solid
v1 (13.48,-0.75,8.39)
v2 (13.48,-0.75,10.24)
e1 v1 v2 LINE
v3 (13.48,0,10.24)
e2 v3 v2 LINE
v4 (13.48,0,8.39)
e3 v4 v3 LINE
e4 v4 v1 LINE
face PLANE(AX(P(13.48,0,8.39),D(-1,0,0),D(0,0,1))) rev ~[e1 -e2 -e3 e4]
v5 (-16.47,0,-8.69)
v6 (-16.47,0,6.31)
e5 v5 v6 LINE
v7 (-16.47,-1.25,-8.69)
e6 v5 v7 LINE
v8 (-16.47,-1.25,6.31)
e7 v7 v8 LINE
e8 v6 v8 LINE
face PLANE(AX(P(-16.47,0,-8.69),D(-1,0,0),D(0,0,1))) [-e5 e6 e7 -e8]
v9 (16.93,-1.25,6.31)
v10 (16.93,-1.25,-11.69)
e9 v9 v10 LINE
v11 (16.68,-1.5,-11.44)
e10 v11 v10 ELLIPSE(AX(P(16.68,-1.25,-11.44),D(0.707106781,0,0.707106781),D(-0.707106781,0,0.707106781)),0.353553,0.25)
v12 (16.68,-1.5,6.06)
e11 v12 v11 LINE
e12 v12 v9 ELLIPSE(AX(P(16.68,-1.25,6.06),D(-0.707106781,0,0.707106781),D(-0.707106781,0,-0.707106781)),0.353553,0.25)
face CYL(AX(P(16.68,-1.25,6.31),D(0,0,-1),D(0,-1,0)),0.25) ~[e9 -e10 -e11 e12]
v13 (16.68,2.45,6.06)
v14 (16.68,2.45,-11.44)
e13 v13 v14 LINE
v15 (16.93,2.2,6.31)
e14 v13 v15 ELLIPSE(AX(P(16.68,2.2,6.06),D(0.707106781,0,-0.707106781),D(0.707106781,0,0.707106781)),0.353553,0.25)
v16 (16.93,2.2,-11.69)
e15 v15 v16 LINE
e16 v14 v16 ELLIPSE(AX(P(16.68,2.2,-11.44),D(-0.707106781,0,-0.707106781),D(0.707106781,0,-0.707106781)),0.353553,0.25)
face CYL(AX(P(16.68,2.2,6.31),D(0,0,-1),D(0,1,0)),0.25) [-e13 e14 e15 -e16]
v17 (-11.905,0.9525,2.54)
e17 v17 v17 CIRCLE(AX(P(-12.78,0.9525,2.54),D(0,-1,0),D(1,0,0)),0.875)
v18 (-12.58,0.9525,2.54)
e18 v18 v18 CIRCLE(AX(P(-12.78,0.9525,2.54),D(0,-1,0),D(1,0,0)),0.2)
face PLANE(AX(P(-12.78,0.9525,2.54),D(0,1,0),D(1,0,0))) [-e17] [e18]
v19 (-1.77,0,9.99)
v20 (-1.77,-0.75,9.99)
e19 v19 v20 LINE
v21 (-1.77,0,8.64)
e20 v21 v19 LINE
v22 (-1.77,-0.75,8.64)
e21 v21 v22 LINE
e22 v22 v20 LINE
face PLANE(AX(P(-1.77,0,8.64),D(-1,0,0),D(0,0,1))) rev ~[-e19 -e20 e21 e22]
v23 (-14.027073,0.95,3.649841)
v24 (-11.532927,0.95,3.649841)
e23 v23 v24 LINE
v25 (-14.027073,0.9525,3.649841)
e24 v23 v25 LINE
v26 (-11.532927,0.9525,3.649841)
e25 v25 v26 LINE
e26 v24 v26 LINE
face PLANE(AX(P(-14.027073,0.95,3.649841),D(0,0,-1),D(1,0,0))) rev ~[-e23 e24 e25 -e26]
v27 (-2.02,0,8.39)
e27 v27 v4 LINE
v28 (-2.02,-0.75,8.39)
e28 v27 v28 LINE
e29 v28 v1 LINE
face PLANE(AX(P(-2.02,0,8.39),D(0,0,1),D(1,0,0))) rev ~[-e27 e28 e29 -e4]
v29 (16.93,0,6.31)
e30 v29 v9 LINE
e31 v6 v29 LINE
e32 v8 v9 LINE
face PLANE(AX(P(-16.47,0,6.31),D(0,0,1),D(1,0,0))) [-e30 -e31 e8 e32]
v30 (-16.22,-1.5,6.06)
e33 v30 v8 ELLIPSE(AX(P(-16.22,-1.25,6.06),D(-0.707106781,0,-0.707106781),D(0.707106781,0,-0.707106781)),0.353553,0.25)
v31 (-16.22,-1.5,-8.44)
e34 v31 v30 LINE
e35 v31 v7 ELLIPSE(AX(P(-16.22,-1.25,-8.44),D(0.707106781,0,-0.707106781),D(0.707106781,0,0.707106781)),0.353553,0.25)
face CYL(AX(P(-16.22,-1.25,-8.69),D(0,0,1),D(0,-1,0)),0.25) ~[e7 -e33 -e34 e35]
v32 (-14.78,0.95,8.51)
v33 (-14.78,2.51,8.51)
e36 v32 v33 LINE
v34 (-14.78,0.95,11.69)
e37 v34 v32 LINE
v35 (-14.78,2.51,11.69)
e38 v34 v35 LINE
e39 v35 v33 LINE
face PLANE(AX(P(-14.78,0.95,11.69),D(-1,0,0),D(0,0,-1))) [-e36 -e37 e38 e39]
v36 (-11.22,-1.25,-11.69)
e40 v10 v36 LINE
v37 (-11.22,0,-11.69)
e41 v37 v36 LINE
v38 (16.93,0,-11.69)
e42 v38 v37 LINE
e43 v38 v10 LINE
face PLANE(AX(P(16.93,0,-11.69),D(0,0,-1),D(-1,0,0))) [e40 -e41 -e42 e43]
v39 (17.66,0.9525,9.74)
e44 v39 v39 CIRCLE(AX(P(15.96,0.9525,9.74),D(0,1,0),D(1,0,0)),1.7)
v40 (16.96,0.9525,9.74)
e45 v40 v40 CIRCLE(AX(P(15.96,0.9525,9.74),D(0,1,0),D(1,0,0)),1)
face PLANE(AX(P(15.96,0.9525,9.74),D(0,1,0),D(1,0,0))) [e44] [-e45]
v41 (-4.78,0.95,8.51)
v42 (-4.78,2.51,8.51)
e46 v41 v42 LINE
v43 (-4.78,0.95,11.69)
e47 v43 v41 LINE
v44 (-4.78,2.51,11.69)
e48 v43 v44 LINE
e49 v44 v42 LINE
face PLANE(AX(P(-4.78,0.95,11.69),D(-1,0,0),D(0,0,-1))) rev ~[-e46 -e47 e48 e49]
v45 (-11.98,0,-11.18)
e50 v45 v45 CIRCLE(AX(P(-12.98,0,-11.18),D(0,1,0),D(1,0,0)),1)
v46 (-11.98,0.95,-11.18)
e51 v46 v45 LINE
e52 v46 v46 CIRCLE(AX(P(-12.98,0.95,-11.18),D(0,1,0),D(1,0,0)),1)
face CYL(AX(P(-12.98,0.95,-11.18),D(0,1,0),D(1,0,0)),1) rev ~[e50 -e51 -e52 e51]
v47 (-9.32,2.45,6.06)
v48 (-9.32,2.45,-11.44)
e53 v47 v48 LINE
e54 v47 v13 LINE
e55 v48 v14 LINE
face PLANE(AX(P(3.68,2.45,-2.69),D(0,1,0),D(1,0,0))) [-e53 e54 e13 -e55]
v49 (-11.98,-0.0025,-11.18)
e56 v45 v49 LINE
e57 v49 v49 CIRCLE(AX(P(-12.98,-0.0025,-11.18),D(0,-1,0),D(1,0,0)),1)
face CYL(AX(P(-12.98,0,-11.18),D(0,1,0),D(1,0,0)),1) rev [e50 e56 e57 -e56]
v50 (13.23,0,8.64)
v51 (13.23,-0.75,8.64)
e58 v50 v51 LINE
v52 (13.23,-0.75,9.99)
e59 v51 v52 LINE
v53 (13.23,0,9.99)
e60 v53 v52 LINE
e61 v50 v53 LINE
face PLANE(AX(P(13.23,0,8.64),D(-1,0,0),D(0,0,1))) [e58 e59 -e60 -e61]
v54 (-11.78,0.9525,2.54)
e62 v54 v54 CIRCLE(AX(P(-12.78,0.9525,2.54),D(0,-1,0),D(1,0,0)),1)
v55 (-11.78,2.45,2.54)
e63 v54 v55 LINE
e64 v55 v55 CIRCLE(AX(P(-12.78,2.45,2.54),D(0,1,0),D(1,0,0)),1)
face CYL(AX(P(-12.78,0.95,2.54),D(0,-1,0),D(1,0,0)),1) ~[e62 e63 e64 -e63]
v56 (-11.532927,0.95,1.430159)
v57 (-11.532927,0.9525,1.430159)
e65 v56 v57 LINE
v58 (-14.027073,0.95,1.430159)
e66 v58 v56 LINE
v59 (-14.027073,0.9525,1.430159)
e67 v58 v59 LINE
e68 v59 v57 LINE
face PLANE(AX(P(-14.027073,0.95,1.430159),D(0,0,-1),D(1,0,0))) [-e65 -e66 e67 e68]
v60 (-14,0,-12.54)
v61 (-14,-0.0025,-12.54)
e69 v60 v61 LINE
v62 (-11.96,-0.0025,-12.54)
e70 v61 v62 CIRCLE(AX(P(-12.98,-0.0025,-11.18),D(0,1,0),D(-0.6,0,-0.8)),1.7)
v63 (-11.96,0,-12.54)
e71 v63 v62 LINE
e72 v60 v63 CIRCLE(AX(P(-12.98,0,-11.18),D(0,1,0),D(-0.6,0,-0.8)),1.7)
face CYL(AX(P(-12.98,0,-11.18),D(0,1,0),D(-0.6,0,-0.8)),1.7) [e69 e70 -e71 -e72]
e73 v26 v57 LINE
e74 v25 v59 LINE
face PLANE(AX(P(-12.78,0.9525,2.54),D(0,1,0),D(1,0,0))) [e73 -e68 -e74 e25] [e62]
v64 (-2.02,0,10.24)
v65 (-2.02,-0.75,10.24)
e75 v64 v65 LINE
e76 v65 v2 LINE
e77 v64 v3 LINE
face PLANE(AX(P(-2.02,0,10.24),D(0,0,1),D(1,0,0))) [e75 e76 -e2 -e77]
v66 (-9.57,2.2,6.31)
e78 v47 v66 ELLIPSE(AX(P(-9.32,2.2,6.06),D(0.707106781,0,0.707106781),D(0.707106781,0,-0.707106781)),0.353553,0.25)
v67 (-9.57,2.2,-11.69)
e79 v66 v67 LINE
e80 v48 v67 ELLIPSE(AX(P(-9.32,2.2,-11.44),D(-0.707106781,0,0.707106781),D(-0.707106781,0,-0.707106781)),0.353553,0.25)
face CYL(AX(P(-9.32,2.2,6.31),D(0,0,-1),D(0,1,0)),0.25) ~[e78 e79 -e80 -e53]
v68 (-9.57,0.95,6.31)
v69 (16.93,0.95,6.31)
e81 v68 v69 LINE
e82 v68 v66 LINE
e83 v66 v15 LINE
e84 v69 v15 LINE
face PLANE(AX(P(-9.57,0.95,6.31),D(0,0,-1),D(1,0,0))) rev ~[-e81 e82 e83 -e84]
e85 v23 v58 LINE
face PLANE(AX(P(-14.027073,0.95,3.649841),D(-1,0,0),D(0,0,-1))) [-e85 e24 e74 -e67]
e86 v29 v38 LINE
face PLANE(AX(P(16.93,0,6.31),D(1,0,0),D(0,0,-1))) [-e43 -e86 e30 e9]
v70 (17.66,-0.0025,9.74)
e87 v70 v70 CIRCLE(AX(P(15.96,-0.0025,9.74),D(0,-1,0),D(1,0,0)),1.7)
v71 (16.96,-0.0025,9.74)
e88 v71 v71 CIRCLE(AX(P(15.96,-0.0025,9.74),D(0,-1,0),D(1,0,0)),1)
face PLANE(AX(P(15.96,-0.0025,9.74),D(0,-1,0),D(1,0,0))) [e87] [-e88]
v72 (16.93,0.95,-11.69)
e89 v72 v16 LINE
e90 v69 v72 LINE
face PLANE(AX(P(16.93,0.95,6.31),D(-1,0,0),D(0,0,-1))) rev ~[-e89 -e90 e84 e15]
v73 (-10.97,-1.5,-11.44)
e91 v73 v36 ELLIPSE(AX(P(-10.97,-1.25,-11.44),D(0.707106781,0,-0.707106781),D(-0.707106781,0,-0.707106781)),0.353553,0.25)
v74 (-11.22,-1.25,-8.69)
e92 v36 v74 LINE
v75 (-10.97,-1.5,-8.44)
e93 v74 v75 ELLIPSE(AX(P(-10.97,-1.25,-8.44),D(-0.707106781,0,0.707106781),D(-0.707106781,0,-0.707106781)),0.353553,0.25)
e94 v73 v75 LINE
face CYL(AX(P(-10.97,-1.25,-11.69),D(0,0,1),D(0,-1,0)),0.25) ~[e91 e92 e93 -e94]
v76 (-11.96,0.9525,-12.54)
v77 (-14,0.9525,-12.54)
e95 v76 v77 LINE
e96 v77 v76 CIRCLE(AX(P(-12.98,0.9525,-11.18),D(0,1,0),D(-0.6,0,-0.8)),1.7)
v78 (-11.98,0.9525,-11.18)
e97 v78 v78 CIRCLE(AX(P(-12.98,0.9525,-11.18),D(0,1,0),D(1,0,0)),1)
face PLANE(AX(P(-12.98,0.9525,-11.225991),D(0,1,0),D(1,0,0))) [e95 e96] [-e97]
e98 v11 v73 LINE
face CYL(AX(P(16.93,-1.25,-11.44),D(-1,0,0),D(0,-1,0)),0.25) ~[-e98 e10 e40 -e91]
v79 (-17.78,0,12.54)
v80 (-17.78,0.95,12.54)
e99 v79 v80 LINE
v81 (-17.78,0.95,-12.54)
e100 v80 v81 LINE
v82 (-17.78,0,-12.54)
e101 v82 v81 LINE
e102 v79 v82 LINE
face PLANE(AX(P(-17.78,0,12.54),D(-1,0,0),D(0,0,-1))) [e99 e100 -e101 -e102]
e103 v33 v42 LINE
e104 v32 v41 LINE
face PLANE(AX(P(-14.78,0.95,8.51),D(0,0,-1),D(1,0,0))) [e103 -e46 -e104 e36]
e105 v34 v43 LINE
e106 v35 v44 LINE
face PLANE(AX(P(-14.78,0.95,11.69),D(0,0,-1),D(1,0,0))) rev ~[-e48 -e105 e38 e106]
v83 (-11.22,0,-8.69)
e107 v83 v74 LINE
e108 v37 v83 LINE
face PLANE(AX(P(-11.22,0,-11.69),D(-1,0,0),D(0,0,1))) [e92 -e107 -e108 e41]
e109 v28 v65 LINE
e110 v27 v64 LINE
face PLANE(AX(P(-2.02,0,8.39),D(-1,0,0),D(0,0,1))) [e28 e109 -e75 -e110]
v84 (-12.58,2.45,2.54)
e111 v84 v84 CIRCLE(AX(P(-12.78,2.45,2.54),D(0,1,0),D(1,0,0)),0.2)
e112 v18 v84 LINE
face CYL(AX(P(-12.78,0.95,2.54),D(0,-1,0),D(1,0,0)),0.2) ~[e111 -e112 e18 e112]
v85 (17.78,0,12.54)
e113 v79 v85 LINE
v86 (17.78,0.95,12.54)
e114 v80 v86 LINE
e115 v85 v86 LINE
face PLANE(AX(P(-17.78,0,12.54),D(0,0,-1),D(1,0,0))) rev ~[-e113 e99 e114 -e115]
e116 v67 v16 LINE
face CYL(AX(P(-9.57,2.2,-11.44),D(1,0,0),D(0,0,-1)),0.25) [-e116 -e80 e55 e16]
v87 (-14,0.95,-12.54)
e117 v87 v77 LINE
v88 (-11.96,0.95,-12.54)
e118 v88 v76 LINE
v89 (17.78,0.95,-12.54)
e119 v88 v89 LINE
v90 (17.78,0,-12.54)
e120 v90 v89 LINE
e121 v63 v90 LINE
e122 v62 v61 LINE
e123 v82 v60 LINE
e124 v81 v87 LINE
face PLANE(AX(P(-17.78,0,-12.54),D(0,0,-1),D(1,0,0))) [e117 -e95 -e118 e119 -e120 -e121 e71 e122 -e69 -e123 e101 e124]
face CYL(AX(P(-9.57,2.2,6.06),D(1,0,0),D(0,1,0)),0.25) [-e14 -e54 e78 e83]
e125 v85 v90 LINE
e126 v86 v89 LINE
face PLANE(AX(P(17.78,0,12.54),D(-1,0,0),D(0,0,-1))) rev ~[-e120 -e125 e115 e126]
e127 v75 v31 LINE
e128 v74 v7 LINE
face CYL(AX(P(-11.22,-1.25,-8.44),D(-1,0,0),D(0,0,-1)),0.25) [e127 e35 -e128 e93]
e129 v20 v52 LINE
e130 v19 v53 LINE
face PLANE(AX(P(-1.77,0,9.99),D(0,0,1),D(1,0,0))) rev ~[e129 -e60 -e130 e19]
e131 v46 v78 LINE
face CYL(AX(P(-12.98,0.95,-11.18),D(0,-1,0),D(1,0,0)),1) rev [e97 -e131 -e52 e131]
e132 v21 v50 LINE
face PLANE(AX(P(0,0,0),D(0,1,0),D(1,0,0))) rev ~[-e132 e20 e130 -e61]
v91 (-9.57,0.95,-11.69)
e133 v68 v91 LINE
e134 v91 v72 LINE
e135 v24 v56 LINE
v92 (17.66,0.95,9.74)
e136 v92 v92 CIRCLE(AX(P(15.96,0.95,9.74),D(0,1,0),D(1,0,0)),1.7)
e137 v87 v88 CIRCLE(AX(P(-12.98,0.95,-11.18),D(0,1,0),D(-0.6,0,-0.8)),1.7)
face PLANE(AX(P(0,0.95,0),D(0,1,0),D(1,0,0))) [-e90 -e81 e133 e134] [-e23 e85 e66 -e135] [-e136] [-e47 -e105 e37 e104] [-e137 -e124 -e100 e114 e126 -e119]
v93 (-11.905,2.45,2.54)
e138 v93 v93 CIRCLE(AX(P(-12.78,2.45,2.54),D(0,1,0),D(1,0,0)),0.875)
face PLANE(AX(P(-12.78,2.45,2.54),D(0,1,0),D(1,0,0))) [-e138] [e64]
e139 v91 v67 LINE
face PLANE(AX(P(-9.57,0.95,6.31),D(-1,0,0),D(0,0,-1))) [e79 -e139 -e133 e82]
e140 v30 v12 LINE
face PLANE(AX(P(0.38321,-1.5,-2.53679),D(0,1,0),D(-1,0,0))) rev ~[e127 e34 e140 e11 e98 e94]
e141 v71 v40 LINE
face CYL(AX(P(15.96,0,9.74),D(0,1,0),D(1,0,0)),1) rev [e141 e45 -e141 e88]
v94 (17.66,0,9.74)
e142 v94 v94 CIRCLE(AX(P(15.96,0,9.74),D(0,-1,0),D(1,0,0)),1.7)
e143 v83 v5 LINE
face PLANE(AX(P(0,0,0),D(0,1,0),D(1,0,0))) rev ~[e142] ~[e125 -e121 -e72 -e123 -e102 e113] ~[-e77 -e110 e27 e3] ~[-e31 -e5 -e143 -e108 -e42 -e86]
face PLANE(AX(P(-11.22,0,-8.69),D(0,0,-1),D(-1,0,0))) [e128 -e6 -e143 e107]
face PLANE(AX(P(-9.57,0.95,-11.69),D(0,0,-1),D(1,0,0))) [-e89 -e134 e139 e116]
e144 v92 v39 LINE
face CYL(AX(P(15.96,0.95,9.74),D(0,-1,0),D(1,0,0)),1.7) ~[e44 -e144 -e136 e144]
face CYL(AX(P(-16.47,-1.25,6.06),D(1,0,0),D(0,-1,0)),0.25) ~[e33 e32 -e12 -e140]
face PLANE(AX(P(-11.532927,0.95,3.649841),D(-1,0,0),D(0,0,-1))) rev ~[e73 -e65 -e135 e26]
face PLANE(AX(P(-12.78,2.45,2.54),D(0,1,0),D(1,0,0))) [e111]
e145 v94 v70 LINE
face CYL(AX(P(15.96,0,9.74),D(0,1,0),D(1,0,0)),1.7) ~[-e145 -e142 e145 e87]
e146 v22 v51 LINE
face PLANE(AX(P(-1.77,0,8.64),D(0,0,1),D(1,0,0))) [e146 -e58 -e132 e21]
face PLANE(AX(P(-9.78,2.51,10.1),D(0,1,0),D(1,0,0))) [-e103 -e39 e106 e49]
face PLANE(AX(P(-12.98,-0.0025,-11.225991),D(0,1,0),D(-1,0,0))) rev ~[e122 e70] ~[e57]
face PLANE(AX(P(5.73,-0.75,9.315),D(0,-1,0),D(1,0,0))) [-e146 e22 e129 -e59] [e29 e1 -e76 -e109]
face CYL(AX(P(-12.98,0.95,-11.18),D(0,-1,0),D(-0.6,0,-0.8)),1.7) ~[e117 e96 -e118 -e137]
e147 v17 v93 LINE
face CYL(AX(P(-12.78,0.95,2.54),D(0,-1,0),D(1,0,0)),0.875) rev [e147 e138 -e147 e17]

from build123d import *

# Parameters (mm, degrees)
SKETCH1_W           = 35.56
SKETCH1_H           = 25.08
BOSS_EXTRUDE1_DEPTH = 0.95
SKETCH2_W           = 26.5
SKETCH2_H           = 18
BOSS_EXTRUDE2_DEPTH = 1.5
BOSS_EXTRUDE3_DEPTH = 1.5
SKETCH4_W           = 10
SKETCH4_H           = 3.18
BOSS_EXTRUDE4_DEPTH = 1.56
SKETCH5_R           = 1
SKETCH5_R_2         = 0.875
SKETCH5_R_3         = 0.2
BOSS_EXTRUDE5_DEPTH = 1.5
SKETCH6_W           = 15.5
SKETCH6_H           = 1.85
SKETCH6_W_2         = 15
SKETCH6_H_2         = 1.35
BOSS_EXTRUDE6_DEPTH = 0.75
SKETCH7_R           = 1
CUT_EXTRUDE1_DEPTH  = 3.51
SKETCH8_R           = 1
CUT_EXTRUDE2_DEPTH  = 3.45
SKETCH9_R           = 1.7
SKETCH9_R_2         = 1
BOSS_EXTRUDE7_DEPTH = 0.0025
SKETCH10_R          = 1.7
SKETCH10_R_2        = 1
BOSS_EXTRUDE8_DEPTH = 0.0025
FILLET1_R           = 0.25
SKETCH11_W          = 2.494146152
SKETCH11_H          = 2.219681882
BOSS_EXTRUDE9_DEPTH = 0.0025


with BuildPart() as part:
    # Sketch1 → Boss-Extrude1 (new body)
    with BuildSketch(Plane(origin=(0, 0, 0), x_dir=(1, 0, 0), z_dir=(0, 1, 0))):
        Rectangle(SKETCH1_W, SKETCH1_H)
    extrude(amount=BOSS_EXTRUDE1_DEPTH)

    # Sketch2 → Boss-Extrude2 (add)
    with BuildSketch(Plane(origin=(0, 0.95, 0), x_dir=(1, 0, 0), z_dir=(0, 1, 0))):
        with Locations((3.68, 2.69)):
            Rectangle(SKETCH2_W, SKETCH2_H)
    extrude(amount=BOSS_EXTRUDE2_DEPTH)

    # Sketch3 → Boss-Extrude3 (add)
    with BuildSketch(Plane.XZ):
        Polygon((16.93, 6.31), (16.93, -11.69), (-11.22, -11.69), (-11.22, -8.69), (-16.47, -8.69), (-16.47, 6.31), align=None)
    extrude(amount=BOSS_EXTRUDE3_DEPTH)

    # Sketch4 → Boss-Extrude4 (add)
    with BuildSketch(Plane(origin=(0, 0.95, 0), x_dir=(1, 0, 0), z_dir=(0, 1, 0))):
        with Locations((-9.78, -10.1)):
            Rectangle(SKETCH4_W, SKETCH4_H)
    extrude(amount=BOSS_EXTRUDE4_DEPTH)

    # Sketch5 → Boss-Extrude5 (add)
    with BuildSketch(Plane(origin=(0, 0.95, 0), x_dir=(1, 0, 0), z_dir=(0, 1, 0))):
        with Locations((-12.78, -2.54)):
            Circle(SKETCH5_R)
        with Locations((-12.78, -2.54)):
            Circle(SKETCH5_R_2, mode=Mode.SUBTRACT)
        with Locations((-12.78, -2.54)):
            Circle(SKETCH5_R_3)
    extrude(amount=BOSS_EXTRUDE5_DEPTH)

    # Sketch6 → Boss-Extrude6 (add)
    with BuildSketch(Plane.XZ):
        with Locations((5.73, 9.315)):
            Rectangle(SKETCH6_W, SKETCH6_H)
        with Locations((5.73, 9.315)):
            Rectangle(SKETCH6_W_2, SKETCH6_H_2, mode=Mode.SUBTRACT)
    extrude(amount=BOSS_EXTRUDE6_DEPTH)

    # Sketch7 → Cut-Extrude1 (cut, through all)
    with BuildSketch(Plane.XZ):
        with Locations((15.96, 9.74)):
            Circle(SKETCH7_R)
    extrude(amount=-CUT_EXTRUDE1_DEPTH, mode=Mode.SUBTRACT)

    # Sketch8 → Cut-Extrude2 (cut, through all)
    with BuildSketch(Plane(origin=(0, 0.95, 0), x_dir=(1, 0, 0), z_dir=(0, 1, 0))):
        with Locations((-12.98, 11.18)):
            Circle(SKETCH8_R)
    extrude(amount=-CUT_EXTRUDE2_DEPTH, mode=Mode.SUBTRACT)

    # Sketch9 → Boss-Extrude7 (add)
    with BuildSketch(Plane(origin=(0, 0.95, 0), x_dir=(1, 0, 0), z_dir=(0, 1, 0))):
        with Locations((15.96, -9.74)):
            Circle(SKETCH9_R)
        with Locations((15.96, -9.74)):
            Circle(SKETCH9_R_2, mode=Mode.SUBTRACT)
        with BuildLine():
            Line((-11.96, 12.54), (-14, 12.54))
            ThreePointArc((-14, 12.54), (-12.98, 9.48), (-11.96, 12.54))
        make_face()
        with Locations((-12.98, 11.18)):
            Circle(SKETCH9_R_2, mode=Mode.SUBTRACT)
    extrude(amount=BOSS_EXTRUDE7_DEPTH)

    # Sketch10 → Boss-Extrude8 (add)
    with BuildSketch(Plane.XZ):
        with Locations((15.96, 9.74)):
            Circle(SKETCH10_R)
        with Locations((15.96, 9.74)):
            Circle(SKETCH10_R_2, mode=Mode.SUBTRACT)
        with BuildLine():
            Line((-11.96, -12.54), (-14, -12.54))
            ThreePointArc((-14, -12.54), (-12.98, -9.48), (-11.96, -12.54))
        make_face()
        with Locations((-12.98, -11.18)):
            Circle(SKETCH10_R_2, mode=Mode.SUBTRACT)
    extrude(amount=BOSS_EXTRUDE8_DEPTH)

    # Fillet1
    fillet1_edges = [part.edges().sort_by_distance(p)[0] for p in [
        (-9.57, 2.45, -2.69),
        (3.68, 2.45, 6.31),
        (16.93, 2.45, -2.69),
        (3.68, 2.45, -11.69),
        (2.855, -1.5, -11.69),
        (16.93, -1.5, -2.69),
        (0.23, -1.5, 6.31),
        (-16.47, -1.5, -1.19),
        (-13.845, -1.5, -8.69),
        (-11.22, -1.5, -10.19),
    ]]
    fillet(fillet1_edges, radius=FILLET1_R)

    # Sketch11 → Boss-Extrude9 (add)
    with BuildSketch(Plane(origin=(0, 0.95, 0), x_dir=(1, 0, 0), z_dir=(0, 1, 0))):
        with Locations((-12.78, -2.54)):
            Rectangle(SKETCH11_W, SKETCH11_H)
    extrude(amount=BOSS_EXTRUDE9_DEPTH)


solid = part.part
